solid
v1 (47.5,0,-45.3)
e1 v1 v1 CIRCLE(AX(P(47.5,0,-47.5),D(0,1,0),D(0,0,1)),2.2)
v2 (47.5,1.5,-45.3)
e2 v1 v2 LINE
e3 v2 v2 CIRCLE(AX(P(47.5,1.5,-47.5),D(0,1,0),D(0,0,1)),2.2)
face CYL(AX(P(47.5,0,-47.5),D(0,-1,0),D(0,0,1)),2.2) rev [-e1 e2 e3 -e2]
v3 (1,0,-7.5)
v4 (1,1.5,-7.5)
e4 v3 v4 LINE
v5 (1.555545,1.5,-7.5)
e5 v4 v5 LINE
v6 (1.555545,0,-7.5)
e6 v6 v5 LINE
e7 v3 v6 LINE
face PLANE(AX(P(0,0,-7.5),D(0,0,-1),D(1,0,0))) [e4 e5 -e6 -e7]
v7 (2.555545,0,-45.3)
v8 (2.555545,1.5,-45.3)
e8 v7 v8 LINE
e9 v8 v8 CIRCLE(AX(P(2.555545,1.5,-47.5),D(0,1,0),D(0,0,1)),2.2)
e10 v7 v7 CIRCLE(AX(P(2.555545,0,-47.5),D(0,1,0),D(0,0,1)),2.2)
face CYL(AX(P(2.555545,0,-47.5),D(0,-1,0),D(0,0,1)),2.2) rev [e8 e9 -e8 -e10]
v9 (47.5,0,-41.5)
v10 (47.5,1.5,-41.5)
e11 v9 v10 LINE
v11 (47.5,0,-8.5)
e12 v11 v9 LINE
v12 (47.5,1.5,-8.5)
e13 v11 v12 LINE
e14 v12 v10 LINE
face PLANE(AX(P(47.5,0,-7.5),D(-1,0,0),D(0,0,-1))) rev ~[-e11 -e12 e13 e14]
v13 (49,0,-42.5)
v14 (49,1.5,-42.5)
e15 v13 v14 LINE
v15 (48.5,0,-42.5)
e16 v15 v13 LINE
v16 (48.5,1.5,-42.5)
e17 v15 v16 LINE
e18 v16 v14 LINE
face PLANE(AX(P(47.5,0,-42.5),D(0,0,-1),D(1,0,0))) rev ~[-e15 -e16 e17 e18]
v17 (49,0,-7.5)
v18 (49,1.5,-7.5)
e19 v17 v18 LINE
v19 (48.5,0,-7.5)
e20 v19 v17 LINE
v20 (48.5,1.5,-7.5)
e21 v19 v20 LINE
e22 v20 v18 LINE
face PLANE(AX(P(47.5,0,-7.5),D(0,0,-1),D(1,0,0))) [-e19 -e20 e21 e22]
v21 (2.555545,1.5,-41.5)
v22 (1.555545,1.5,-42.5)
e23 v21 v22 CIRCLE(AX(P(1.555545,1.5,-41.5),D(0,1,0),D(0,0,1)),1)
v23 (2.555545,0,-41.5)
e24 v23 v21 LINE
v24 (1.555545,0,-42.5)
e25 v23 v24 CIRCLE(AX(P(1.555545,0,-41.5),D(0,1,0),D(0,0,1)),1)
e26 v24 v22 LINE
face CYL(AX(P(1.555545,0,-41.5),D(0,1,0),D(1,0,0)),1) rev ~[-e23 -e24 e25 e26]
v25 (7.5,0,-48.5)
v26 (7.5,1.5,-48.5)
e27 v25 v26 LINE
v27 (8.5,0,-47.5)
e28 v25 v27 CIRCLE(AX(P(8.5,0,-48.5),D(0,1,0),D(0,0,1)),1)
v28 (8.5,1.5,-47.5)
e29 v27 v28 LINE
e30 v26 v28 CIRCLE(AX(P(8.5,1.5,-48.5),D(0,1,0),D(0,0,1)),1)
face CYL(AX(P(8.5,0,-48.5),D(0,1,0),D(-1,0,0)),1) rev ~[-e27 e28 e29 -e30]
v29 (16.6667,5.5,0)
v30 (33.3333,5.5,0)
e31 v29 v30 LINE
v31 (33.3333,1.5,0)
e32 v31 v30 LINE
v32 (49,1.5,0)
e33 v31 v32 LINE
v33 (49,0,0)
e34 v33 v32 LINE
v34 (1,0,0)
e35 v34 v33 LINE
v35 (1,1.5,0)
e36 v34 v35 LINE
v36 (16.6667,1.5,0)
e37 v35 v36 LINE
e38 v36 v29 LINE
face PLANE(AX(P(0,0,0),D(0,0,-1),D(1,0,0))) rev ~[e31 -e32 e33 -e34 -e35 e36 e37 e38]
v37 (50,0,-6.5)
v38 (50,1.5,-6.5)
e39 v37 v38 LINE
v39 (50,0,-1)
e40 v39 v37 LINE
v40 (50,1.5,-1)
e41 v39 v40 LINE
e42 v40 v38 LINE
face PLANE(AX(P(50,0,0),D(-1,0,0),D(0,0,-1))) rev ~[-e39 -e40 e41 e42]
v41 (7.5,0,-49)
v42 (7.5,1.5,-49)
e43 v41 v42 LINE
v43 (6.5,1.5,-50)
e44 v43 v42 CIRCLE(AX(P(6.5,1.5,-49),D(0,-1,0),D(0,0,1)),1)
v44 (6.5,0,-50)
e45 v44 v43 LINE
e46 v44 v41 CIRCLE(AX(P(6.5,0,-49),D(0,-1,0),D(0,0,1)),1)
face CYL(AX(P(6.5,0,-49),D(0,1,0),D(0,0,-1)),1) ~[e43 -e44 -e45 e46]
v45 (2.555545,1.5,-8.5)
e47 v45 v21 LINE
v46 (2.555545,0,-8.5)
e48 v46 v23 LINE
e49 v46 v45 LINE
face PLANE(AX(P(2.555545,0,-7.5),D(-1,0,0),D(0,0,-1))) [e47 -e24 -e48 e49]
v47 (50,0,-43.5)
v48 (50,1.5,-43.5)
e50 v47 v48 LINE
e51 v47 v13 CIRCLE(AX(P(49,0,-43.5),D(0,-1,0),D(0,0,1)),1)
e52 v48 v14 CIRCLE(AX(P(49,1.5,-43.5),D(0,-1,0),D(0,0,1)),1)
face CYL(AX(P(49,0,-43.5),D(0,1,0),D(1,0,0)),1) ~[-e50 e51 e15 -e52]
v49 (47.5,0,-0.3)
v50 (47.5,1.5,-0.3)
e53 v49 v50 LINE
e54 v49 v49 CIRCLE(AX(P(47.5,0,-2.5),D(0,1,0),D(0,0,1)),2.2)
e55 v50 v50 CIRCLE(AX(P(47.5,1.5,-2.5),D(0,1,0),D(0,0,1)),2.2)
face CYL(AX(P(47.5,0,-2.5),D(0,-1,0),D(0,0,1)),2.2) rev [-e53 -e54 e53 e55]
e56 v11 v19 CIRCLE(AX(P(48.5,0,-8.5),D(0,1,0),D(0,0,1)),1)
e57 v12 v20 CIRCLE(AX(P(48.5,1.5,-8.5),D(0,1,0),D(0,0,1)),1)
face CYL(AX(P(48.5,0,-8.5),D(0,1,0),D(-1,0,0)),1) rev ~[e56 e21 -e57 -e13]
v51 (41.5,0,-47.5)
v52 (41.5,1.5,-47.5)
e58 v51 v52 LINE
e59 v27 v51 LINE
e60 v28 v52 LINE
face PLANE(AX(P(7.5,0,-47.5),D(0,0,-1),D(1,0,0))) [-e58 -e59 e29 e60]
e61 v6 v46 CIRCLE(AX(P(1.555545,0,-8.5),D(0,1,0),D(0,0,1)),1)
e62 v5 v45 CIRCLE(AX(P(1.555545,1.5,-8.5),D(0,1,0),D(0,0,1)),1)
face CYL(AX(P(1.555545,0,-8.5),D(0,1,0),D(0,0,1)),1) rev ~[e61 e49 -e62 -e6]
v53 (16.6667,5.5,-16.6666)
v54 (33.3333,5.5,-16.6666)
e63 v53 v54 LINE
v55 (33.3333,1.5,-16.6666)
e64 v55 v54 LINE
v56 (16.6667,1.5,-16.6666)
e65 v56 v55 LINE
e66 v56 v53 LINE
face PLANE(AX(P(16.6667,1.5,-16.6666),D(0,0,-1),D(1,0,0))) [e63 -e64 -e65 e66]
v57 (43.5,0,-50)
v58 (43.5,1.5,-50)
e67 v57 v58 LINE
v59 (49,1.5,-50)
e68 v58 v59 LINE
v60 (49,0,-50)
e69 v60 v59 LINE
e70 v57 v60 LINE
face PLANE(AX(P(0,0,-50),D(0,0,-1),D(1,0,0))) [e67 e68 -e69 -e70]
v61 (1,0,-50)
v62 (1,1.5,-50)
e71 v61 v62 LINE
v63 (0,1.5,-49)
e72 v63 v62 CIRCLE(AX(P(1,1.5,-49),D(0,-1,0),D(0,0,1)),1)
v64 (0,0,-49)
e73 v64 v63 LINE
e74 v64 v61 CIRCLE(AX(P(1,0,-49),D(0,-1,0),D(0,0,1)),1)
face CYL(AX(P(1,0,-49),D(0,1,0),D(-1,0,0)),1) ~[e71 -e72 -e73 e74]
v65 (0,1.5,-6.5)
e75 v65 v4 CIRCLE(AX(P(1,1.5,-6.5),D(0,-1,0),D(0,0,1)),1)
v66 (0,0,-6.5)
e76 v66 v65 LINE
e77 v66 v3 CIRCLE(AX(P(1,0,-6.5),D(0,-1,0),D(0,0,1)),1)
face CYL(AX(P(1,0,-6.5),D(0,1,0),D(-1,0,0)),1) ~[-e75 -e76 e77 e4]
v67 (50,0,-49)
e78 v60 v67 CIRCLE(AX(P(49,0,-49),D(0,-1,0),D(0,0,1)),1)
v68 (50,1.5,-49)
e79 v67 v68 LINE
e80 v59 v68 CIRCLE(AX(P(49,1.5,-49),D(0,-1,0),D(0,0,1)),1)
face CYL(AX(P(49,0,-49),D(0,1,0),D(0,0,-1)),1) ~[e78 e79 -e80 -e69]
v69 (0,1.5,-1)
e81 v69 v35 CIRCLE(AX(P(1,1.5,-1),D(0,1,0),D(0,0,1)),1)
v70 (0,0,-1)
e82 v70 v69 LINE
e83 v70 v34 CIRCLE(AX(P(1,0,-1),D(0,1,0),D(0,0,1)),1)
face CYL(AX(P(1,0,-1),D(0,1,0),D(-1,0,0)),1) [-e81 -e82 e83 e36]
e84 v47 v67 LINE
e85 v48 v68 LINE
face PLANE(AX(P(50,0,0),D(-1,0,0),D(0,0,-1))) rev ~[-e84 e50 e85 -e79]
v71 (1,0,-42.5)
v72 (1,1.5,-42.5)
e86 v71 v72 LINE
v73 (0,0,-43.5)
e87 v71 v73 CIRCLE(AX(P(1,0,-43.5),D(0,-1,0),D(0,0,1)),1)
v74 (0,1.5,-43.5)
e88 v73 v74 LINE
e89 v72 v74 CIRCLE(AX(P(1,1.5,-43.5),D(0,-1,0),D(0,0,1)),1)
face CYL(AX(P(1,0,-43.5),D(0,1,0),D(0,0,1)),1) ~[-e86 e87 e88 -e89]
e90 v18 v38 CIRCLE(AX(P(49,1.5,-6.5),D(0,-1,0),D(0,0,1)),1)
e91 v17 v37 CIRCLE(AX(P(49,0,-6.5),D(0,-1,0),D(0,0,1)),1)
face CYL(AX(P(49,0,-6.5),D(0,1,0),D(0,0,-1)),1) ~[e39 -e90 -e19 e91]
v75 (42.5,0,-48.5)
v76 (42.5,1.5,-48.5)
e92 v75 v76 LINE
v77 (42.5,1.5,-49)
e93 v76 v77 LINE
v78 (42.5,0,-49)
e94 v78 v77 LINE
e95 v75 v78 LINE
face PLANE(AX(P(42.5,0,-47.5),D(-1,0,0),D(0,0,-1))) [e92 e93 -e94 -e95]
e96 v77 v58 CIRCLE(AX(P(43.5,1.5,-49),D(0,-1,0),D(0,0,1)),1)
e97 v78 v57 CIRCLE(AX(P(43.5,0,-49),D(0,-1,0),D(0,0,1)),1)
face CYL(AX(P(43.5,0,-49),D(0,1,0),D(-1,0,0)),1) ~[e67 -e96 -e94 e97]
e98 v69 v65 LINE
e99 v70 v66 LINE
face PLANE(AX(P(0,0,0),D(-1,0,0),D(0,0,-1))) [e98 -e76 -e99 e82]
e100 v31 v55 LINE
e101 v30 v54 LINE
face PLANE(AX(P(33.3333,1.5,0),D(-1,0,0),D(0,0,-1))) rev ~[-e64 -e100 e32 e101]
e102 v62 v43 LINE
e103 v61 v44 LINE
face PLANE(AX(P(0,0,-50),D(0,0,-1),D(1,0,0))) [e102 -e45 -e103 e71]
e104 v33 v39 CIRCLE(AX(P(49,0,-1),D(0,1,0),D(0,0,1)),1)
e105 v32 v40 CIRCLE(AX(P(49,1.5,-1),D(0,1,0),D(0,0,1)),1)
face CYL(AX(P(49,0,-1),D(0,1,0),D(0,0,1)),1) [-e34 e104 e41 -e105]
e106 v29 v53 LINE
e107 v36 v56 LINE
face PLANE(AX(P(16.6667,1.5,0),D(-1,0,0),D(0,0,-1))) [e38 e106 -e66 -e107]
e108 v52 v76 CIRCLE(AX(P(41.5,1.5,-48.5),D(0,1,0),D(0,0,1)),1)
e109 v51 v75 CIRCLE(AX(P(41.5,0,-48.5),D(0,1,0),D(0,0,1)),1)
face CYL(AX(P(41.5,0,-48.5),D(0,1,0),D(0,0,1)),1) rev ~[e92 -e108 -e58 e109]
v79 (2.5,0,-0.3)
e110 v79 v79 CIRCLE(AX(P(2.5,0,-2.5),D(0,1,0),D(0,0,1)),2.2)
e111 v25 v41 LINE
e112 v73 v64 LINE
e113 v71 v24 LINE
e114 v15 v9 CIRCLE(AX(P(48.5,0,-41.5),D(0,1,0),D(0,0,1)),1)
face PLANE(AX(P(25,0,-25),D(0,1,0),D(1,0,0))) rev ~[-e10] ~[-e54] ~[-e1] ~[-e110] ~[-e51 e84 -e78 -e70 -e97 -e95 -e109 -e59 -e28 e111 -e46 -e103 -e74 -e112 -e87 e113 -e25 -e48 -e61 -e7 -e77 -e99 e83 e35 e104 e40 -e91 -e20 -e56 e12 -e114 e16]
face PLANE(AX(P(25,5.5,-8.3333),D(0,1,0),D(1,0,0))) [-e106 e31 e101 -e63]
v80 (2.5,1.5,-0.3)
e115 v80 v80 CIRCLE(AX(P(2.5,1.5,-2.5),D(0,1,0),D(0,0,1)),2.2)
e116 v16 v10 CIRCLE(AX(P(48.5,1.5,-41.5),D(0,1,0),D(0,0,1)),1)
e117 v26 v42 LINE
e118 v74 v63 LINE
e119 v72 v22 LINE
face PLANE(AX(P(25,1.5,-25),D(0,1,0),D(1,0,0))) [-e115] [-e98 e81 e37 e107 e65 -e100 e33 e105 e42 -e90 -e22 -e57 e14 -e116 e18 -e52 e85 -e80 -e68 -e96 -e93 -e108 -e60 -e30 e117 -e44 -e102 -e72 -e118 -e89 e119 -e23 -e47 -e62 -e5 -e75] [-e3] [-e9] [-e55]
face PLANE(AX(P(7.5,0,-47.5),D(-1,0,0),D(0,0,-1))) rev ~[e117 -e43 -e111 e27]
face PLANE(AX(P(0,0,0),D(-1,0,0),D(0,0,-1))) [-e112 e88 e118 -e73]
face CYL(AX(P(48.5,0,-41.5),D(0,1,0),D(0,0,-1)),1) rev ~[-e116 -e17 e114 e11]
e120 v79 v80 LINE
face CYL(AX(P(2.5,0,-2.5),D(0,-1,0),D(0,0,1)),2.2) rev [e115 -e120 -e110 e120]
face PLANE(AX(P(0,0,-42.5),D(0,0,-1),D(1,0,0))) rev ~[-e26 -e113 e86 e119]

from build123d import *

# Parameters (mm, degrees)
SKETCH1_W           = 50
SKETCH1_H           = 50
SKETCH1_R           = 2.2
BOSS_EXTRUDE1_DEPTH = 1.5
SKETCH3_W           = 2.555545098
SKETCH3_H           = 35
SKETCH3_W_2         = 2.5
SKETCH3_W_3         = 35
SKETCH3_H_2         = 2.5
CUT_EXTRUDE1_DEPTH  = 1.5
FILLET8_R           = 1
SKETCH4_W           = 16.6666
SKETCH4_H           = 16.6666
BOSS_EXTRUDE2_DEPTH = 4


with BuildPart() as part:
    # Sketch1 → Boss-Extrude1 (new body)
    with BuildSketch(Plane(origin=(0, 0, 0), x_dir=(1, 0, 0), z_dir=(0, 1, 0))):
        with Locations((25, 25)):
            Rectangle(SKETCH1_W, SKETCH1_H)
        with Locations(Location((2.555545098, 47.5, 0), (0, 0, 270))):
            Circle(SKETCH1_R, mode=Mode.SUBTRACT)
        with Locations(Location((47.5, 47.5, 0), (0, 0, 270))):
            Circle(SKETCH1_R, mode=Mode.SUBTRACT)
        with Locations(Location((2.5, 2.5, 0), (0, 0, 270))):
            Circle(SKETCH1_R, mode=Mode.SUBTRACT)
        with Locations(Location((47.5, 2.5, 0), (0, 0, 270))):
            Circle(SKETCH1_R, mode=Mode.SUBTRACT)
    extrude(amount=BOSS_EXTRUDE1_DEPTH)

    # Sketch3 → Cut-Extrude1 (cut)
    with BuildSketch(Plane(origin=(0, 0, 0), x_dir=(1, 0, 0), z_dir=(0, 1, 0))):
        with Locations((1.277772549, 25)):
            Rectangle(SKETCH3_W, SKETCH3_H)
        with Locations((48.75, 25)):
            Rectangle(SKETCH3_W_2, SKETCH3_H)
        with Locations((25, 48.75)):
            Rectangle(SKETCH3_W_3, SKETCH3_H_2)
    extrude(amount=CUT_EXTRUDE1_DEPTH, mode=Mode.SUBTRACT)

    # Fillet8
    fillet8_edges = [part.edges().sort_by_distance(p)[0] for p in [
        (0, 0.75, -7.5),
        (2.555545098, 0.75, -7.5),
        (2.555545098, 0.75, -42.5),
        (0, 0.75, -42.5),
        (47.5, 0.75, -7.5),
        (50, 0.75, -7.5),
        (50, 0.75, -42.5),
        (47.5, 0.75, -42.5),
        (7.5, 0.75, -47.5),
        (42.5, 0.75, -47.5),
        (42.5, 0.75, -50),
        (7.5, 0.75, -50),
        (0, 0.75, -50),
        (50, 0.75, -50),
        (50, 0.75, 0),
        (0, 0.75, 0),
    ]]
    fillet(fillet8_edges, radius=FILLET8_R)

    # Sketch4 → Boss-Extrude2 (add)
    with BuildSketch(Plane(origin=(0, 1.5, 0), x_dir=(1, 0, 0), z_dir=(0, 1, 0))):
        with Locations((25, 8.3333)):
            Rectangle(SKETCH4_W, SKETCH4_H)
    extrude(amount=BOSS_EXTRUDE2_DEPTH)


solid = part.part
